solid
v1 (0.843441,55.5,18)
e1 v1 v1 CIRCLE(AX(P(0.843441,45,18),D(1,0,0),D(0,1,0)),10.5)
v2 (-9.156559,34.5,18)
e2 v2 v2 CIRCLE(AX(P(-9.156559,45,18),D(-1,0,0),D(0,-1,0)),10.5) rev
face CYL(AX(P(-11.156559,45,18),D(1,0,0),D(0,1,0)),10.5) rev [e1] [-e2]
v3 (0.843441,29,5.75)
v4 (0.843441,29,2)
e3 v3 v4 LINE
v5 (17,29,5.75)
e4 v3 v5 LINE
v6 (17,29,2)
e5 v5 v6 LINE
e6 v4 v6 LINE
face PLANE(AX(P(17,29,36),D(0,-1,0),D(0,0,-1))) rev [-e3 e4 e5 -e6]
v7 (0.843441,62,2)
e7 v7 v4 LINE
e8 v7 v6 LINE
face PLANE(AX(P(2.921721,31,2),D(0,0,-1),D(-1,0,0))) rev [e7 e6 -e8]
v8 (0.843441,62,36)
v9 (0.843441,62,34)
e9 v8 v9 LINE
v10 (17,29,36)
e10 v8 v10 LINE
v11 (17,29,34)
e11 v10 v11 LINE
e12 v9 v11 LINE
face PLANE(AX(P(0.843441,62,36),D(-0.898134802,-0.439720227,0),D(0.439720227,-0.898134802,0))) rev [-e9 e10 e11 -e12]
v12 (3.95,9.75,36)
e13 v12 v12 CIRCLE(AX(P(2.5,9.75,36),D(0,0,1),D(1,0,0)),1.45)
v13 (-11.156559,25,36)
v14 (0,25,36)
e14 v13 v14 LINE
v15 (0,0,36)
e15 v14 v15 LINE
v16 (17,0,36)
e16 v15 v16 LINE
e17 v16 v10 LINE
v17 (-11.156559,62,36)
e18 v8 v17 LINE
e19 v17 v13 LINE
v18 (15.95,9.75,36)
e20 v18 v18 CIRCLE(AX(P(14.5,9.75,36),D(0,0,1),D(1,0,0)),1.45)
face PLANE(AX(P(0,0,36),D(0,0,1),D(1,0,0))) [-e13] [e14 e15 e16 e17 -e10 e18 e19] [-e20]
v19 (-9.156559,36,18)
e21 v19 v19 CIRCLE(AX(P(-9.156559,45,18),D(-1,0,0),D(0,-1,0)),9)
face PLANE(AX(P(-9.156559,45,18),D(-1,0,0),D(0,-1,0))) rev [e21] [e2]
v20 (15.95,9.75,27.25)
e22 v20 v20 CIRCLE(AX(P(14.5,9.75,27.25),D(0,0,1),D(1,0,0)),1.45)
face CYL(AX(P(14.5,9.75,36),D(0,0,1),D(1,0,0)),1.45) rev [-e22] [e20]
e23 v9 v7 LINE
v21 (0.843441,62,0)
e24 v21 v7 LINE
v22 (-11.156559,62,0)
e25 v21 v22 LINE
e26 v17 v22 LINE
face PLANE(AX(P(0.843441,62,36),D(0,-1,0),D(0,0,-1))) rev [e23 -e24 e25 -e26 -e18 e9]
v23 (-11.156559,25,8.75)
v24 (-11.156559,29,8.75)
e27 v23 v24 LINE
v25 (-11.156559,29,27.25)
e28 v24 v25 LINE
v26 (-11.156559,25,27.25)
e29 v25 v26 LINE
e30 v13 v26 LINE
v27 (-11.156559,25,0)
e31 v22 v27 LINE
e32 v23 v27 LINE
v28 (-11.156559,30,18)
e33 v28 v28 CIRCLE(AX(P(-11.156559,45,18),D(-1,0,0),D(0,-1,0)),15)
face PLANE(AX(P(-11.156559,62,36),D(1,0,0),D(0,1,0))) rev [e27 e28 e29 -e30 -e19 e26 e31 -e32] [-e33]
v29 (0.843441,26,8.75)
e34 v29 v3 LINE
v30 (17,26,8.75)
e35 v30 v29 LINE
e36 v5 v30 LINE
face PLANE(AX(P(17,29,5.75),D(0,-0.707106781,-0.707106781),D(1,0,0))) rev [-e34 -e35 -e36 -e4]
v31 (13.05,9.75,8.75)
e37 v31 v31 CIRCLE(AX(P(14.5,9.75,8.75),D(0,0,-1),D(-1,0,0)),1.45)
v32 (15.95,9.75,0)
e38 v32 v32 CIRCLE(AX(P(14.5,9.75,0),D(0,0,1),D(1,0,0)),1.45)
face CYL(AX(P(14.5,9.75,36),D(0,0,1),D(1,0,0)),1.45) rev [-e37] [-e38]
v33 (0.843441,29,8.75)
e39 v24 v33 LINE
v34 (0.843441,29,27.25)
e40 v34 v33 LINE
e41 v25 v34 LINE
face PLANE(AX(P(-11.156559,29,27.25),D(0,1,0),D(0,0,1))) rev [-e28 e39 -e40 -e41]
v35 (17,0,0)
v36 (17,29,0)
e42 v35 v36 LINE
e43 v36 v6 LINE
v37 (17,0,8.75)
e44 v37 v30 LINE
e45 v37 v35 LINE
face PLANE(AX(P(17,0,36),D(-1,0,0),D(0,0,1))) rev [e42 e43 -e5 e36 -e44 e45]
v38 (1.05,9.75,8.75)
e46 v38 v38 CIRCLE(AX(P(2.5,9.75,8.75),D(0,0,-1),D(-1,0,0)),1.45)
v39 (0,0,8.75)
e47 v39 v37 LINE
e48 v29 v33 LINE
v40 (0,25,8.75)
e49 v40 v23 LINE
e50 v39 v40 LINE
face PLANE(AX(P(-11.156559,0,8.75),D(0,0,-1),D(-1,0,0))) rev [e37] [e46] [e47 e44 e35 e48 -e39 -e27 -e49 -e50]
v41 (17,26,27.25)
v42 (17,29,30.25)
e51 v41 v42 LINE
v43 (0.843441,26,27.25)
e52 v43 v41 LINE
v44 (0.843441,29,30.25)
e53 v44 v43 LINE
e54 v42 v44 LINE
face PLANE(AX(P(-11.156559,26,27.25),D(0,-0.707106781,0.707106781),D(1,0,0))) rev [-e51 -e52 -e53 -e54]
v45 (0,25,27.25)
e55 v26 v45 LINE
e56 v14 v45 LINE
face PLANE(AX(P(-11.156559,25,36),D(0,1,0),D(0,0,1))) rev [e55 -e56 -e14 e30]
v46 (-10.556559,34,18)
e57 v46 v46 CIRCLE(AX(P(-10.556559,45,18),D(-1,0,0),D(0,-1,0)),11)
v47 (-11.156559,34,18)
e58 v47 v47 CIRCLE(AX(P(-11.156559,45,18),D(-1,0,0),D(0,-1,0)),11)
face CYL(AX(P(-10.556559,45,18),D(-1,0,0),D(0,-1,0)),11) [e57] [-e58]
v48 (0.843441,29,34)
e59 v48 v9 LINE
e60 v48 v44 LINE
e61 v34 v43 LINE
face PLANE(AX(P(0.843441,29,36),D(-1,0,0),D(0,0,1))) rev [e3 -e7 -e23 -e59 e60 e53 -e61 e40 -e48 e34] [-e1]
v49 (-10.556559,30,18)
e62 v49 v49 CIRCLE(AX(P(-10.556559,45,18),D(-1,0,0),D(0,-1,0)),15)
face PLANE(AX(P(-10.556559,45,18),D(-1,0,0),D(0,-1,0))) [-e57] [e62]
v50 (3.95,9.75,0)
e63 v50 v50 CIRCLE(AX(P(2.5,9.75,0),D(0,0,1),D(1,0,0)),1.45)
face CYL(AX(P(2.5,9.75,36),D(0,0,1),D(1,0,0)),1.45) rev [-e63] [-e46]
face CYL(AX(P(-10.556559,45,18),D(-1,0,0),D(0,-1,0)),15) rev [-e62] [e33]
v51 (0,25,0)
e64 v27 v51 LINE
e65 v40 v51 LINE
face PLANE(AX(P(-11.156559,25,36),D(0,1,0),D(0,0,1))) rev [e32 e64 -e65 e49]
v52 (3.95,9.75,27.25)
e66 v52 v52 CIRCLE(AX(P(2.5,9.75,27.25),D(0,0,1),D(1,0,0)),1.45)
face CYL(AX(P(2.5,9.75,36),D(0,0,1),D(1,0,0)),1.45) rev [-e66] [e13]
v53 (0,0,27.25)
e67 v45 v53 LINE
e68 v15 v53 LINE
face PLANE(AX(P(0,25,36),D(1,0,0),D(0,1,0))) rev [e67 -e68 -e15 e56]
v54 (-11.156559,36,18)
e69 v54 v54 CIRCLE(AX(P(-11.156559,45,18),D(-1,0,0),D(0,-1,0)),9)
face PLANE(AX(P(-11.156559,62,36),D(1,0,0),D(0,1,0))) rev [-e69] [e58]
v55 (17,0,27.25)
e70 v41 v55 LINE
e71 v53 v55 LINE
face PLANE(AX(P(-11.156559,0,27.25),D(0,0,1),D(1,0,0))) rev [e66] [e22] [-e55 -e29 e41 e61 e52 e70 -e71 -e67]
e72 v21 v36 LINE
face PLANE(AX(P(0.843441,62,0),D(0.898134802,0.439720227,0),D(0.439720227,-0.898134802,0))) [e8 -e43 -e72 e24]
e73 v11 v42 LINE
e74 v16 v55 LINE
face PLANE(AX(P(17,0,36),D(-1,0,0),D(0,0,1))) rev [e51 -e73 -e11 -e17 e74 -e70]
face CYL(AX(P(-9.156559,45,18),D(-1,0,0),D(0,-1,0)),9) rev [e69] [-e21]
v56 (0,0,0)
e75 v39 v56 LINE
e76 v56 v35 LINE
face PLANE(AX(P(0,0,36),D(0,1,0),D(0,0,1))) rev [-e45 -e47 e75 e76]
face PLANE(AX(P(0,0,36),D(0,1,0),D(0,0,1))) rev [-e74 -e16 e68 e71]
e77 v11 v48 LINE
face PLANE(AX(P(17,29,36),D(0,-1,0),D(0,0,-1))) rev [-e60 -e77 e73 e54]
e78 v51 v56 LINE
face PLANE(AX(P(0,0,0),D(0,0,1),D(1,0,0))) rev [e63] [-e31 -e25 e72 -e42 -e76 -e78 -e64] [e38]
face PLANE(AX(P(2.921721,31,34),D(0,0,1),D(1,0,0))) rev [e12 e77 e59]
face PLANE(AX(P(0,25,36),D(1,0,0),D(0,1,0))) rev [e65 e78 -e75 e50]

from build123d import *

# Parameters (mm, degrees)
BOSS_EXTRUDE1_DEPTH    = 36
SKETCH2_R              = 10.5
CUT_EXTRUDE1_DEPTH     = 74.491730036
SKETCH3_W              = 18.5
SKETCH3_H              = 29
CUT_EXTRUDE2_DEPTH     = 78.024618067
RIB1_REACH             = 75.682
SKETCH4_WALL_W         = 186.1063102
SKETCH4_WALL_H         = 2
RIB2_REACH             = 75.682
SKETCH5_WALL_W         = 186.1063102
SKETCH5_WALL_H         = 2
CHAMFER1_SIZE          = 3
BOSS_EXTRUDE2_START    = -2
SKETCH6_R              = 10.5
SKETCH6_R_2            = 9
BOSS_EXTRUDE2_DEPTH    = 2
M2_5_CLEARANCE_HOLE1_D = 2.9
SKETCH10_R             = 15
SKETCH10_R_2           = 11
CUT_EXTRUDE4_DEPTH     = 0.6


with BuildPart() as part:
    # Sketch1 → Boss-Extrude1 (new body)
    with BuildSketch(Plane.XY):
        Polygon((0, 0), (17, 0), (17, 29), (0.843441467, 29), (0.843441467, 62), (-11.156558533, 62), (-11.156558533, 25), (0, 25), align=None)
    extrude(amount=BOSS_EXTRUDE1_DEPTH)

    # Sketch2 → Cut-Extrude1 (cut, through all)
    with BuildSketch(Plane(origin=(0.843441467, 0, 0), x_dir=(0, 0, -1), z_dir=(1, 0, 0))):
        with Locations(Location((-18, 45, 0), (0, 0, 90))):
            Circle(SKETCH2_R)
    extrude(amount=-CUT_EXTRUDE1_DEPTH, mode=Mode.SUBTRACT)

    # Sketch3 → Cut-Extrude2 (cut, through all)
    with BuildSketch(Plane(origin=(17, 0, 0), x_dir=(0, 0, -1), z_dir=(1, 0, 0))):
        with Locations((-18, 14.5)):
            Rectangle(SKETCH3_W, SKETCH3_H)
    extrude(amount=-CUT_EXTRUDE2_DEPTH, mode=Mode.SUBTRACT)

    # Sketch4 wall → Rib1 (add, up to next)
    with BuildSketch(Plane(origin=(8.921720734, 45.5, 36), x_dir=(0.439720227065, -0.898134801636, 0), z_dir=(0.898134801636, 0.439720227065, 0)), mode=Mode.PRIVATE) as rib1_sk1:
        with Locations((0, 1)):
            Rectangle(SKETCH4_WALL_W, SKETCH4_WALL_H)
    rib1_tool1 = extrude(rib1_sk1.sketch, amount=-RIB1_REACH, mode=Mode.PRIVATE) - part.part
    add(rib1_tool1.solids().sort_by_distance((8.921720734, 45.5, 36))[0])

    # Sketch5 wall → Rib2 (add, up to next)
    with BuildSketch(Plane(origin=(8.921720734, 45.5, 0), x_dir=(0.439720227065, -0.898134801636, 0), z_dir=(-0.898134801636, -0.439720227065, 0)), mode=Mode.PRIVATE) as rib2_sk1:
        with Locations((0, 1)):
            Rectangle(SKETCH5_WALL_W, SKETCH5_WALL_H)
    rib2_tool1 = extrude(rib2_sk1.sketch, amount=RIB2_REACH, mode=Mode.PRIVATE) - part.part
    add(rib2_tool1.solids().sort_by_distance((8.921720734, 45.5, 0))[0])

    # Chamfer1
    chamfer1_edges = [part.edges().sort_by_distance(p)[0] for p in [
        (8.921720733, 29, 8.75),
        (8.921720733, 29, 27.25),
    ]]
    chamfer(chamfer1_edges, length=CHAMFER1_SIZE)

    # Sketch6 → Boss-Extrude2 (add)
    with BuildSketch(Plane.ZY.offset(11.156558533).offset(BOSS_EXTRUDE2_START)):
        with Locations(Location((18, 45, 0), (0, 0, 90))):
            Circle(SKETCH6_R)
        with Locations(Location((18, 45, 0), (0, 0, 270))):
            Circle(SKETCH6_R_2, mode=Mode.SUBTRACT)
    extrude(amount=BOSS_EXTRUDE2_DEPTH)

    # M2.5 Clearance Hole1 (through all)
    with Locations(Plane.XY.offset(36)):
        with Locations((2.5, 9.75), (14.5, 9.75)):
            Hole(M2_5_CLEARANCE_HOLE1_D / 2)

    # Sketch10 → Cut-Extrude4 (cut)
    with BuildSketch(Plane.ZY.offset(11.156558533)):
        with Locations(Location((18, 45, 0), (0, 0, 270))):
            Circle(SKETCH10_R)
        with Locations(Location((18, 45, 0), (0, 0, 270))):
            Circle(SKETCH10_R_2, mode=Mode.SUBTRACT)
    extrude(amount=-CUT_EXTRUDE4_DEPTH, mode=Mode.SUBTRACT)


solid = part.part
